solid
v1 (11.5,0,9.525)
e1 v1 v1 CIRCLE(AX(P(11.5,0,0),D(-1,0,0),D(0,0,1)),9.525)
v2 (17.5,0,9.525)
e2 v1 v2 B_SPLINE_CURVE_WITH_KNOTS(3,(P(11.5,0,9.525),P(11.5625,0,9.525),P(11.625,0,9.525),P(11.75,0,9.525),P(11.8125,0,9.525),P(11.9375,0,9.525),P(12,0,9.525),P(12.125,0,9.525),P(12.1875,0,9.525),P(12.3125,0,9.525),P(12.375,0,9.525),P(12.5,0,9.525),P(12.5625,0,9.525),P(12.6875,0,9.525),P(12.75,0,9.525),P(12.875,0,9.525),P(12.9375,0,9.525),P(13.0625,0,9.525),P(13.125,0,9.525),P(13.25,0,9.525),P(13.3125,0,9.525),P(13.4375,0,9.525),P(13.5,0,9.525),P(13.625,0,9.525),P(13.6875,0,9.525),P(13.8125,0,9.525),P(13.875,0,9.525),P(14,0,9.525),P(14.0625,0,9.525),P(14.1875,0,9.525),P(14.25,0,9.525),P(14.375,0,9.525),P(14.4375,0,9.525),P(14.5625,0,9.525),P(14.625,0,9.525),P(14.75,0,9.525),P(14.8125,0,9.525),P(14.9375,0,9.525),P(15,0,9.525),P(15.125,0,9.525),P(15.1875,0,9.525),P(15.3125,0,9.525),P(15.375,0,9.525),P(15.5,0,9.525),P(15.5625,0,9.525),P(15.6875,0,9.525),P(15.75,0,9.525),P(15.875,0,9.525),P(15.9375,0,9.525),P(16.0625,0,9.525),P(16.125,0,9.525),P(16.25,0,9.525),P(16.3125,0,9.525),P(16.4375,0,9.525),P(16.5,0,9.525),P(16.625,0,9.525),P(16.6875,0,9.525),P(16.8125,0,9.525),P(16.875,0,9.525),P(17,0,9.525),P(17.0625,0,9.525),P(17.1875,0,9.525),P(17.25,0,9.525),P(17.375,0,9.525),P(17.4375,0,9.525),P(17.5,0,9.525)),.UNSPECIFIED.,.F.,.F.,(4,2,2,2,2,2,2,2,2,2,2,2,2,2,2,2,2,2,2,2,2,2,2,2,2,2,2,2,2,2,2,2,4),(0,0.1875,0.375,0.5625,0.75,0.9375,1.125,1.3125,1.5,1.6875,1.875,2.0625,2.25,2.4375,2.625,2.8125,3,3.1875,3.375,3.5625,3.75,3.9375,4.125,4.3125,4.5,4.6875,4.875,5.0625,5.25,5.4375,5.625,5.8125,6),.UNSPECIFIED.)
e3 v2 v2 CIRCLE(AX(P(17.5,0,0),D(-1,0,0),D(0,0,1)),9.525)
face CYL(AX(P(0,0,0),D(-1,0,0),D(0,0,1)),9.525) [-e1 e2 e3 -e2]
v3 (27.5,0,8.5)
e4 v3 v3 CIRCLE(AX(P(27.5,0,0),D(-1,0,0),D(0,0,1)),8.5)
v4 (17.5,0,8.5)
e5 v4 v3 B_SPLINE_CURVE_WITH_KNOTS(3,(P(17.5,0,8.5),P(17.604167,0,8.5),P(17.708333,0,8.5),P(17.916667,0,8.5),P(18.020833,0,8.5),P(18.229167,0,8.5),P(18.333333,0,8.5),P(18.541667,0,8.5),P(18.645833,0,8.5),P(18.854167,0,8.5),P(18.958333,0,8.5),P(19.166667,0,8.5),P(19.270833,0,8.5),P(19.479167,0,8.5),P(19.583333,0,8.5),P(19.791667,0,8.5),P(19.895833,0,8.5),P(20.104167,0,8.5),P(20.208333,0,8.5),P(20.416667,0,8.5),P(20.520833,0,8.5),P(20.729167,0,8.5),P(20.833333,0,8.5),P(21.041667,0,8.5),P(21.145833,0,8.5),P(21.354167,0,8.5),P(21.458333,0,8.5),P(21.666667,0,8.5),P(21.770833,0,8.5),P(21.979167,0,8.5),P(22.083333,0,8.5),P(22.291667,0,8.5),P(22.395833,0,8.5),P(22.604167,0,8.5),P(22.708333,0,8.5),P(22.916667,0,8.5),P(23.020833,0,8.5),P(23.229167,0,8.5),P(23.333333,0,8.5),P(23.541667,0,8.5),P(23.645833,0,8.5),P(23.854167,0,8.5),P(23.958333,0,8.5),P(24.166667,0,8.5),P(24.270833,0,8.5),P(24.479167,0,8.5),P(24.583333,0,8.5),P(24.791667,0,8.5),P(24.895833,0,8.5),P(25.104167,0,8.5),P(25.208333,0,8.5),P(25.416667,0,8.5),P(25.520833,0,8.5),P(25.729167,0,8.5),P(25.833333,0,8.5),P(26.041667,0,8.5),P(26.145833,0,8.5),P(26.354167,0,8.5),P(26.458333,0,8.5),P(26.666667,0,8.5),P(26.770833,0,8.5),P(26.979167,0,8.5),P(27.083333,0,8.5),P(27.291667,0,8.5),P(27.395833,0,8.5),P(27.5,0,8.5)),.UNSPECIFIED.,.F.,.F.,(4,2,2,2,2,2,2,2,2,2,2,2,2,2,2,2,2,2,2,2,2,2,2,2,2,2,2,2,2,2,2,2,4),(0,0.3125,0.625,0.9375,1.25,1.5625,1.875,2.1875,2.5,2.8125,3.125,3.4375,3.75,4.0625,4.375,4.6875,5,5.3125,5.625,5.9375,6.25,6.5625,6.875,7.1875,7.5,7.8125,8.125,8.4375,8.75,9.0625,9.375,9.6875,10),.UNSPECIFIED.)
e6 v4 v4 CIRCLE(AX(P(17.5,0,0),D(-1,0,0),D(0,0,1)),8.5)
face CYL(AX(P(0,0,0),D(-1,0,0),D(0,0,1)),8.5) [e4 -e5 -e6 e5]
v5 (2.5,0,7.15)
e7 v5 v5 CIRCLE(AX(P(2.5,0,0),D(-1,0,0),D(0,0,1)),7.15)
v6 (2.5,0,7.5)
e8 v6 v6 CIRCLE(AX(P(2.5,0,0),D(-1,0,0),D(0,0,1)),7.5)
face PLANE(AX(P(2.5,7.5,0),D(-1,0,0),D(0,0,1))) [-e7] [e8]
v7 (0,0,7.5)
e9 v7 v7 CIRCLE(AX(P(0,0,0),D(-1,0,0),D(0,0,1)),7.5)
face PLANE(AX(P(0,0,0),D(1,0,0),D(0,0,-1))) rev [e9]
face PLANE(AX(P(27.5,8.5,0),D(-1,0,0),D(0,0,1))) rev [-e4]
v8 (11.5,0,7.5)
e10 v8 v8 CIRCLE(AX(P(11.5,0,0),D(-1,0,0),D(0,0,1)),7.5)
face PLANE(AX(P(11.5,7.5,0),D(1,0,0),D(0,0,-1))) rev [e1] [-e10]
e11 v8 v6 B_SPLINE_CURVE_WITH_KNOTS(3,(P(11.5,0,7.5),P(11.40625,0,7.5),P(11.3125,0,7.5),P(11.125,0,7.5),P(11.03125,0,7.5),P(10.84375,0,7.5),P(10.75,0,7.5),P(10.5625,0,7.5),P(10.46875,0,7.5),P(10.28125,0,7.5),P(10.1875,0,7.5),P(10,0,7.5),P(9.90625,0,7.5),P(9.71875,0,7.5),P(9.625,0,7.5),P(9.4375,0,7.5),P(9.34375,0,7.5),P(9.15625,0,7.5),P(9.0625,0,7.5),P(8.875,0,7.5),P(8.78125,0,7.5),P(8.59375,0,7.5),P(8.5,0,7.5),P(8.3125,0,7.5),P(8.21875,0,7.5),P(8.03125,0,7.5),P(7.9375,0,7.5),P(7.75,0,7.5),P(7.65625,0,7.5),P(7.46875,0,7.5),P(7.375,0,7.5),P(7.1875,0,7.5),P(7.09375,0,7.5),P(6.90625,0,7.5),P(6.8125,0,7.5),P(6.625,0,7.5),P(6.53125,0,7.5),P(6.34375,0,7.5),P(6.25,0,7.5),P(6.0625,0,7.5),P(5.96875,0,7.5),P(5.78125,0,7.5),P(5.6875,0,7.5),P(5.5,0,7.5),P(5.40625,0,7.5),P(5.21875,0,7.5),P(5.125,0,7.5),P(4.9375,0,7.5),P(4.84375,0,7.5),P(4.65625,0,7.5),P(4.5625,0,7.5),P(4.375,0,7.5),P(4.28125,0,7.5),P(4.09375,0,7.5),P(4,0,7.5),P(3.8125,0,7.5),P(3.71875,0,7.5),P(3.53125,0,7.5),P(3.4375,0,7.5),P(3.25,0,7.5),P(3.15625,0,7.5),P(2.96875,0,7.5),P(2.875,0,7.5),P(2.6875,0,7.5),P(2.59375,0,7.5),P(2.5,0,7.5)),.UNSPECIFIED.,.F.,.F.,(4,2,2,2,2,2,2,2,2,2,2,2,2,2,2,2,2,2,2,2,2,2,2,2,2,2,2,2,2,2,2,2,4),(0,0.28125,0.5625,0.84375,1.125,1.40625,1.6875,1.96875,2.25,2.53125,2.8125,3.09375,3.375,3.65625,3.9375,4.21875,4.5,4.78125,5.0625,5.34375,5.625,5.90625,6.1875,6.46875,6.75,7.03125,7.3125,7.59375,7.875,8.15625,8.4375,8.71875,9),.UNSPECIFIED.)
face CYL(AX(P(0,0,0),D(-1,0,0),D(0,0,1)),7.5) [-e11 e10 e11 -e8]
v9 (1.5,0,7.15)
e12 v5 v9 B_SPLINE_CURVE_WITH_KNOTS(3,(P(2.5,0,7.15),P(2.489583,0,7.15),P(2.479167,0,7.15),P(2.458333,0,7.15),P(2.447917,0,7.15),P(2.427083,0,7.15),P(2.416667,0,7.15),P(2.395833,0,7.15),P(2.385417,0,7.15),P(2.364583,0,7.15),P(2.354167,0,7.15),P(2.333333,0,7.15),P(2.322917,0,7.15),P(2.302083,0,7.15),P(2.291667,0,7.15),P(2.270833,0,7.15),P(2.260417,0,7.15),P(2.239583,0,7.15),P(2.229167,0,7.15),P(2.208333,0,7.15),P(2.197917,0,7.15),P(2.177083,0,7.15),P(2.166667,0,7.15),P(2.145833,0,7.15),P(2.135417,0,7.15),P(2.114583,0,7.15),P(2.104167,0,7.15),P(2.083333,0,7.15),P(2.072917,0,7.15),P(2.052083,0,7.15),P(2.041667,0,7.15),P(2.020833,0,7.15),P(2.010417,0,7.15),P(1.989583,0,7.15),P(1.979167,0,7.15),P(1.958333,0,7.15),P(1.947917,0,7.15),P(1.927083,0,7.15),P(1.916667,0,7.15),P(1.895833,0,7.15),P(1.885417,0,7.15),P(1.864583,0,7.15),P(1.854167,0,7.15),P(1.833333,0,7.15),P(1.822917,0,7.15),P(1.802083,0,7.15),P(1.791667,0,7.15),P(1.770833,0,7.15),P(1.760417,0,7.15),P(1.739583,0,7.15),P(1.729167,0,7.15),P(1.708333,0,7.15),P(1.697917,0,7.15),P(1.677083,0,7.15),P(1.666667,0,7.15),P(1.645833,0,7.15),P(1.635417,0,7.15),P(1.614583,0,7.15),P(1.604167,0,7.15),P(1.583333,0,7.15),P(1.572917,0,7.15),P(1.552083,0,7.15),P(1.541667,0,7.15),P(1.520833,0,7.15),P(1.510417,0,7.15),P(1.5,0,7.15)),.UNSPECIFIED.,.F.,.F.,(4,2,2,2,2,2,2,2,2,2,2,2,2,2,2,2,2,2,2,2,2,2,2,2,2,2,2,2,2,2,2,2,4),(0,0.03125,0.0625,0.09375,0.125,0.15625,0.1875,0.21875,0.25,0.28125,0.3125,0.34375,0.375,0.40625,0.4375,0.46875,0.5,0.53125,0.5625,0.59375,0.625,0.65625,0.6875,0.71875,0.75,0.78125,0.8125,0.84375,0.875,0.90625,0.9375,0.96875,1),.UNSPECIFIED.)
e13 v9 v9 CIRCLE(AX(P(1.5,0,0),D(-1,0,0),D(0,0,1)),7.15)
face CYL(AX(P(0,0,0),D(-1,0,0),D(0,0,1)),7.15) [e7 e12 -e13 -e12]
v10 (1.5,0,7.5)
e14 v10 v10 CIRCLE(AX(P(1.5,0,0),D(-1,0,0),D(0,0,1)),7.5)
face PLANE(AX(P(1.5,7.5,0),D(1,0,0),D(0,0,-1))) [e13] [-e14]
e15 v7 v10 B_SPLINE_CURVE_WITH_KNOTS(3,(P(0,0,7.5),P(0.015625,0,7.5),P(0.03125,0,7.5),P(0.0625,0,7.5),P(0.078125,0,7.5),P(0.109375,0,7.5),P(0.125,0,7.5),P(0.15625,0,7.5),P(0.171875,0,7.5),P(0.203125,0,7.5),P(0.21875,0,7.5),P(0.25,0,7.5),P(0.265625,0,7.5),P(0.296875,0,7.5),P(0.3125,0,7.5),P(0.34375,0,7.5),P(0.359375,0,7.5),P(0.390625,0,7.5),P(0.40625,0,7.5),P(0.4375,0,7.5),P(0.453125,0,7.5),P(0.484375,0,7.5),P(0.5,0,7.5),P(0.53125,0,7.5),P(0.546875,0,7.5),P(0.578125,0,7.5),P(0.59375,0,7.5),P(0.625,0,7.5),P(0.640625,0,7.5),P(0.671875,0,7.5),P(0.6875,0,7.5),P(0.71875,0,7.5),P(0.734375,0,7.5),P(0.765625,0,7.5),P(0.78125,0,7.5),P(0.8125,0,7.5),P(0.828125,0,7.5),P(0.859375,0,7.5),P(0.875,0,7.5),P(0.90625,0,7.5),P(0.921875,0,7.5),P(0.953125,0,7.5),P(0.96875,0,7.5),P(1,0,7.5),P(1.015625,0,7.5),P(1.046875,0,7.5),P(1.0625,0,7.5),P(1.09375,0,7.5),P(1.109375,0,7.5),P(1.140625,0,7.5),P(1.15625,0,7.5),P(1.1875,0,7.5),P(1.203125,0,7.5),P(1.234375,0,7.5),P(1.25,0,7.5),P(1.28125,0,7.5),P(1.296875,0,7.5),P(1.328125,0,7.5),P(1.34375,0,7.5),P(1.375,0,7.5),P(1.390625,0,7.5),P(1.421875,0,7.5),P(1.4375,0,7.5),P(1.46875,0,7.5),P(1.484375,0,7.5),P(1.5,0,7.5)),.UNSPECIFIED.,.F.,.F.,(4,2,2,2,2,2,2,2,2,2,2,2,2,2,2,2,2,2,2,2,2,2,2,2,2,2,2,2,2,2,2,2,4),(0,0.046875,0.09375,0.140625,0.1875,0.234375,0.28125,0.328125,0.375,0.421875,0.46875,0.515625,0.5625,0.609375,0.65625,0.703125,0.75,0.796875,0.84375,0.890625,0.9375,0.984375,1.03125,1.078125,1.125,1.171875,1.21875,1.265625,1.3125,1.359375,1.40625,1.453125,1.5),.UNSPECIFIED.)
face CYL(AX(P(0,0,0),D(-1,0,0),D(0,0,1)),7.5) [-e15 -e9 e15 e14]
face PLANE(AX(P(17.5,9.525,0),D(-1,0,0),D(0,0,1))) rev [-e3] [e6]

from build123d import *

# Parameters (mm, degrees)
ESBO_O2_W = 1
ESBO_O2_H = 0.35


with BuildPart() as part:
    # Esboço1 → Revolução1 (revolve)
    with BuildSketch(Plane.XY, mode=Mode.PRIVATE) as revolu_o1_sk:
        Polygon((0, 0), (0, 7.5), (11.5, 7.5), (11.5, 9.525), (17.5, 9.525), (17.5, 8.5), (27.5, 8.5), (27.5, 0), align=None)
    revolve(revolu_o1_sk.sketch.rotate(Axis((0, 0, 0), (1, 0, 0)), 90), axis=Axis((0, 0, 0), (1, 0, 0)))

    # Esboço2 → Corte-Revolução1 (revolve, cut)
    with BuildSketch(Plane.XY, mode=Mode.PRIVATE) as corte_revolu_o1_sk:
        with Locations((2, 7.325)):
            Rectangle(ESBO_O2_W, ESBO_O2_H)
    revolve(corte_revolu_o1_sk.sketch.rotate(Axis((0, 0, 0), (1, 0, 0)), 90), axis=Axis((0, 0, 0), (1, 0, 0)), mode=Mode.SUBTRACT)


solid = part.part
